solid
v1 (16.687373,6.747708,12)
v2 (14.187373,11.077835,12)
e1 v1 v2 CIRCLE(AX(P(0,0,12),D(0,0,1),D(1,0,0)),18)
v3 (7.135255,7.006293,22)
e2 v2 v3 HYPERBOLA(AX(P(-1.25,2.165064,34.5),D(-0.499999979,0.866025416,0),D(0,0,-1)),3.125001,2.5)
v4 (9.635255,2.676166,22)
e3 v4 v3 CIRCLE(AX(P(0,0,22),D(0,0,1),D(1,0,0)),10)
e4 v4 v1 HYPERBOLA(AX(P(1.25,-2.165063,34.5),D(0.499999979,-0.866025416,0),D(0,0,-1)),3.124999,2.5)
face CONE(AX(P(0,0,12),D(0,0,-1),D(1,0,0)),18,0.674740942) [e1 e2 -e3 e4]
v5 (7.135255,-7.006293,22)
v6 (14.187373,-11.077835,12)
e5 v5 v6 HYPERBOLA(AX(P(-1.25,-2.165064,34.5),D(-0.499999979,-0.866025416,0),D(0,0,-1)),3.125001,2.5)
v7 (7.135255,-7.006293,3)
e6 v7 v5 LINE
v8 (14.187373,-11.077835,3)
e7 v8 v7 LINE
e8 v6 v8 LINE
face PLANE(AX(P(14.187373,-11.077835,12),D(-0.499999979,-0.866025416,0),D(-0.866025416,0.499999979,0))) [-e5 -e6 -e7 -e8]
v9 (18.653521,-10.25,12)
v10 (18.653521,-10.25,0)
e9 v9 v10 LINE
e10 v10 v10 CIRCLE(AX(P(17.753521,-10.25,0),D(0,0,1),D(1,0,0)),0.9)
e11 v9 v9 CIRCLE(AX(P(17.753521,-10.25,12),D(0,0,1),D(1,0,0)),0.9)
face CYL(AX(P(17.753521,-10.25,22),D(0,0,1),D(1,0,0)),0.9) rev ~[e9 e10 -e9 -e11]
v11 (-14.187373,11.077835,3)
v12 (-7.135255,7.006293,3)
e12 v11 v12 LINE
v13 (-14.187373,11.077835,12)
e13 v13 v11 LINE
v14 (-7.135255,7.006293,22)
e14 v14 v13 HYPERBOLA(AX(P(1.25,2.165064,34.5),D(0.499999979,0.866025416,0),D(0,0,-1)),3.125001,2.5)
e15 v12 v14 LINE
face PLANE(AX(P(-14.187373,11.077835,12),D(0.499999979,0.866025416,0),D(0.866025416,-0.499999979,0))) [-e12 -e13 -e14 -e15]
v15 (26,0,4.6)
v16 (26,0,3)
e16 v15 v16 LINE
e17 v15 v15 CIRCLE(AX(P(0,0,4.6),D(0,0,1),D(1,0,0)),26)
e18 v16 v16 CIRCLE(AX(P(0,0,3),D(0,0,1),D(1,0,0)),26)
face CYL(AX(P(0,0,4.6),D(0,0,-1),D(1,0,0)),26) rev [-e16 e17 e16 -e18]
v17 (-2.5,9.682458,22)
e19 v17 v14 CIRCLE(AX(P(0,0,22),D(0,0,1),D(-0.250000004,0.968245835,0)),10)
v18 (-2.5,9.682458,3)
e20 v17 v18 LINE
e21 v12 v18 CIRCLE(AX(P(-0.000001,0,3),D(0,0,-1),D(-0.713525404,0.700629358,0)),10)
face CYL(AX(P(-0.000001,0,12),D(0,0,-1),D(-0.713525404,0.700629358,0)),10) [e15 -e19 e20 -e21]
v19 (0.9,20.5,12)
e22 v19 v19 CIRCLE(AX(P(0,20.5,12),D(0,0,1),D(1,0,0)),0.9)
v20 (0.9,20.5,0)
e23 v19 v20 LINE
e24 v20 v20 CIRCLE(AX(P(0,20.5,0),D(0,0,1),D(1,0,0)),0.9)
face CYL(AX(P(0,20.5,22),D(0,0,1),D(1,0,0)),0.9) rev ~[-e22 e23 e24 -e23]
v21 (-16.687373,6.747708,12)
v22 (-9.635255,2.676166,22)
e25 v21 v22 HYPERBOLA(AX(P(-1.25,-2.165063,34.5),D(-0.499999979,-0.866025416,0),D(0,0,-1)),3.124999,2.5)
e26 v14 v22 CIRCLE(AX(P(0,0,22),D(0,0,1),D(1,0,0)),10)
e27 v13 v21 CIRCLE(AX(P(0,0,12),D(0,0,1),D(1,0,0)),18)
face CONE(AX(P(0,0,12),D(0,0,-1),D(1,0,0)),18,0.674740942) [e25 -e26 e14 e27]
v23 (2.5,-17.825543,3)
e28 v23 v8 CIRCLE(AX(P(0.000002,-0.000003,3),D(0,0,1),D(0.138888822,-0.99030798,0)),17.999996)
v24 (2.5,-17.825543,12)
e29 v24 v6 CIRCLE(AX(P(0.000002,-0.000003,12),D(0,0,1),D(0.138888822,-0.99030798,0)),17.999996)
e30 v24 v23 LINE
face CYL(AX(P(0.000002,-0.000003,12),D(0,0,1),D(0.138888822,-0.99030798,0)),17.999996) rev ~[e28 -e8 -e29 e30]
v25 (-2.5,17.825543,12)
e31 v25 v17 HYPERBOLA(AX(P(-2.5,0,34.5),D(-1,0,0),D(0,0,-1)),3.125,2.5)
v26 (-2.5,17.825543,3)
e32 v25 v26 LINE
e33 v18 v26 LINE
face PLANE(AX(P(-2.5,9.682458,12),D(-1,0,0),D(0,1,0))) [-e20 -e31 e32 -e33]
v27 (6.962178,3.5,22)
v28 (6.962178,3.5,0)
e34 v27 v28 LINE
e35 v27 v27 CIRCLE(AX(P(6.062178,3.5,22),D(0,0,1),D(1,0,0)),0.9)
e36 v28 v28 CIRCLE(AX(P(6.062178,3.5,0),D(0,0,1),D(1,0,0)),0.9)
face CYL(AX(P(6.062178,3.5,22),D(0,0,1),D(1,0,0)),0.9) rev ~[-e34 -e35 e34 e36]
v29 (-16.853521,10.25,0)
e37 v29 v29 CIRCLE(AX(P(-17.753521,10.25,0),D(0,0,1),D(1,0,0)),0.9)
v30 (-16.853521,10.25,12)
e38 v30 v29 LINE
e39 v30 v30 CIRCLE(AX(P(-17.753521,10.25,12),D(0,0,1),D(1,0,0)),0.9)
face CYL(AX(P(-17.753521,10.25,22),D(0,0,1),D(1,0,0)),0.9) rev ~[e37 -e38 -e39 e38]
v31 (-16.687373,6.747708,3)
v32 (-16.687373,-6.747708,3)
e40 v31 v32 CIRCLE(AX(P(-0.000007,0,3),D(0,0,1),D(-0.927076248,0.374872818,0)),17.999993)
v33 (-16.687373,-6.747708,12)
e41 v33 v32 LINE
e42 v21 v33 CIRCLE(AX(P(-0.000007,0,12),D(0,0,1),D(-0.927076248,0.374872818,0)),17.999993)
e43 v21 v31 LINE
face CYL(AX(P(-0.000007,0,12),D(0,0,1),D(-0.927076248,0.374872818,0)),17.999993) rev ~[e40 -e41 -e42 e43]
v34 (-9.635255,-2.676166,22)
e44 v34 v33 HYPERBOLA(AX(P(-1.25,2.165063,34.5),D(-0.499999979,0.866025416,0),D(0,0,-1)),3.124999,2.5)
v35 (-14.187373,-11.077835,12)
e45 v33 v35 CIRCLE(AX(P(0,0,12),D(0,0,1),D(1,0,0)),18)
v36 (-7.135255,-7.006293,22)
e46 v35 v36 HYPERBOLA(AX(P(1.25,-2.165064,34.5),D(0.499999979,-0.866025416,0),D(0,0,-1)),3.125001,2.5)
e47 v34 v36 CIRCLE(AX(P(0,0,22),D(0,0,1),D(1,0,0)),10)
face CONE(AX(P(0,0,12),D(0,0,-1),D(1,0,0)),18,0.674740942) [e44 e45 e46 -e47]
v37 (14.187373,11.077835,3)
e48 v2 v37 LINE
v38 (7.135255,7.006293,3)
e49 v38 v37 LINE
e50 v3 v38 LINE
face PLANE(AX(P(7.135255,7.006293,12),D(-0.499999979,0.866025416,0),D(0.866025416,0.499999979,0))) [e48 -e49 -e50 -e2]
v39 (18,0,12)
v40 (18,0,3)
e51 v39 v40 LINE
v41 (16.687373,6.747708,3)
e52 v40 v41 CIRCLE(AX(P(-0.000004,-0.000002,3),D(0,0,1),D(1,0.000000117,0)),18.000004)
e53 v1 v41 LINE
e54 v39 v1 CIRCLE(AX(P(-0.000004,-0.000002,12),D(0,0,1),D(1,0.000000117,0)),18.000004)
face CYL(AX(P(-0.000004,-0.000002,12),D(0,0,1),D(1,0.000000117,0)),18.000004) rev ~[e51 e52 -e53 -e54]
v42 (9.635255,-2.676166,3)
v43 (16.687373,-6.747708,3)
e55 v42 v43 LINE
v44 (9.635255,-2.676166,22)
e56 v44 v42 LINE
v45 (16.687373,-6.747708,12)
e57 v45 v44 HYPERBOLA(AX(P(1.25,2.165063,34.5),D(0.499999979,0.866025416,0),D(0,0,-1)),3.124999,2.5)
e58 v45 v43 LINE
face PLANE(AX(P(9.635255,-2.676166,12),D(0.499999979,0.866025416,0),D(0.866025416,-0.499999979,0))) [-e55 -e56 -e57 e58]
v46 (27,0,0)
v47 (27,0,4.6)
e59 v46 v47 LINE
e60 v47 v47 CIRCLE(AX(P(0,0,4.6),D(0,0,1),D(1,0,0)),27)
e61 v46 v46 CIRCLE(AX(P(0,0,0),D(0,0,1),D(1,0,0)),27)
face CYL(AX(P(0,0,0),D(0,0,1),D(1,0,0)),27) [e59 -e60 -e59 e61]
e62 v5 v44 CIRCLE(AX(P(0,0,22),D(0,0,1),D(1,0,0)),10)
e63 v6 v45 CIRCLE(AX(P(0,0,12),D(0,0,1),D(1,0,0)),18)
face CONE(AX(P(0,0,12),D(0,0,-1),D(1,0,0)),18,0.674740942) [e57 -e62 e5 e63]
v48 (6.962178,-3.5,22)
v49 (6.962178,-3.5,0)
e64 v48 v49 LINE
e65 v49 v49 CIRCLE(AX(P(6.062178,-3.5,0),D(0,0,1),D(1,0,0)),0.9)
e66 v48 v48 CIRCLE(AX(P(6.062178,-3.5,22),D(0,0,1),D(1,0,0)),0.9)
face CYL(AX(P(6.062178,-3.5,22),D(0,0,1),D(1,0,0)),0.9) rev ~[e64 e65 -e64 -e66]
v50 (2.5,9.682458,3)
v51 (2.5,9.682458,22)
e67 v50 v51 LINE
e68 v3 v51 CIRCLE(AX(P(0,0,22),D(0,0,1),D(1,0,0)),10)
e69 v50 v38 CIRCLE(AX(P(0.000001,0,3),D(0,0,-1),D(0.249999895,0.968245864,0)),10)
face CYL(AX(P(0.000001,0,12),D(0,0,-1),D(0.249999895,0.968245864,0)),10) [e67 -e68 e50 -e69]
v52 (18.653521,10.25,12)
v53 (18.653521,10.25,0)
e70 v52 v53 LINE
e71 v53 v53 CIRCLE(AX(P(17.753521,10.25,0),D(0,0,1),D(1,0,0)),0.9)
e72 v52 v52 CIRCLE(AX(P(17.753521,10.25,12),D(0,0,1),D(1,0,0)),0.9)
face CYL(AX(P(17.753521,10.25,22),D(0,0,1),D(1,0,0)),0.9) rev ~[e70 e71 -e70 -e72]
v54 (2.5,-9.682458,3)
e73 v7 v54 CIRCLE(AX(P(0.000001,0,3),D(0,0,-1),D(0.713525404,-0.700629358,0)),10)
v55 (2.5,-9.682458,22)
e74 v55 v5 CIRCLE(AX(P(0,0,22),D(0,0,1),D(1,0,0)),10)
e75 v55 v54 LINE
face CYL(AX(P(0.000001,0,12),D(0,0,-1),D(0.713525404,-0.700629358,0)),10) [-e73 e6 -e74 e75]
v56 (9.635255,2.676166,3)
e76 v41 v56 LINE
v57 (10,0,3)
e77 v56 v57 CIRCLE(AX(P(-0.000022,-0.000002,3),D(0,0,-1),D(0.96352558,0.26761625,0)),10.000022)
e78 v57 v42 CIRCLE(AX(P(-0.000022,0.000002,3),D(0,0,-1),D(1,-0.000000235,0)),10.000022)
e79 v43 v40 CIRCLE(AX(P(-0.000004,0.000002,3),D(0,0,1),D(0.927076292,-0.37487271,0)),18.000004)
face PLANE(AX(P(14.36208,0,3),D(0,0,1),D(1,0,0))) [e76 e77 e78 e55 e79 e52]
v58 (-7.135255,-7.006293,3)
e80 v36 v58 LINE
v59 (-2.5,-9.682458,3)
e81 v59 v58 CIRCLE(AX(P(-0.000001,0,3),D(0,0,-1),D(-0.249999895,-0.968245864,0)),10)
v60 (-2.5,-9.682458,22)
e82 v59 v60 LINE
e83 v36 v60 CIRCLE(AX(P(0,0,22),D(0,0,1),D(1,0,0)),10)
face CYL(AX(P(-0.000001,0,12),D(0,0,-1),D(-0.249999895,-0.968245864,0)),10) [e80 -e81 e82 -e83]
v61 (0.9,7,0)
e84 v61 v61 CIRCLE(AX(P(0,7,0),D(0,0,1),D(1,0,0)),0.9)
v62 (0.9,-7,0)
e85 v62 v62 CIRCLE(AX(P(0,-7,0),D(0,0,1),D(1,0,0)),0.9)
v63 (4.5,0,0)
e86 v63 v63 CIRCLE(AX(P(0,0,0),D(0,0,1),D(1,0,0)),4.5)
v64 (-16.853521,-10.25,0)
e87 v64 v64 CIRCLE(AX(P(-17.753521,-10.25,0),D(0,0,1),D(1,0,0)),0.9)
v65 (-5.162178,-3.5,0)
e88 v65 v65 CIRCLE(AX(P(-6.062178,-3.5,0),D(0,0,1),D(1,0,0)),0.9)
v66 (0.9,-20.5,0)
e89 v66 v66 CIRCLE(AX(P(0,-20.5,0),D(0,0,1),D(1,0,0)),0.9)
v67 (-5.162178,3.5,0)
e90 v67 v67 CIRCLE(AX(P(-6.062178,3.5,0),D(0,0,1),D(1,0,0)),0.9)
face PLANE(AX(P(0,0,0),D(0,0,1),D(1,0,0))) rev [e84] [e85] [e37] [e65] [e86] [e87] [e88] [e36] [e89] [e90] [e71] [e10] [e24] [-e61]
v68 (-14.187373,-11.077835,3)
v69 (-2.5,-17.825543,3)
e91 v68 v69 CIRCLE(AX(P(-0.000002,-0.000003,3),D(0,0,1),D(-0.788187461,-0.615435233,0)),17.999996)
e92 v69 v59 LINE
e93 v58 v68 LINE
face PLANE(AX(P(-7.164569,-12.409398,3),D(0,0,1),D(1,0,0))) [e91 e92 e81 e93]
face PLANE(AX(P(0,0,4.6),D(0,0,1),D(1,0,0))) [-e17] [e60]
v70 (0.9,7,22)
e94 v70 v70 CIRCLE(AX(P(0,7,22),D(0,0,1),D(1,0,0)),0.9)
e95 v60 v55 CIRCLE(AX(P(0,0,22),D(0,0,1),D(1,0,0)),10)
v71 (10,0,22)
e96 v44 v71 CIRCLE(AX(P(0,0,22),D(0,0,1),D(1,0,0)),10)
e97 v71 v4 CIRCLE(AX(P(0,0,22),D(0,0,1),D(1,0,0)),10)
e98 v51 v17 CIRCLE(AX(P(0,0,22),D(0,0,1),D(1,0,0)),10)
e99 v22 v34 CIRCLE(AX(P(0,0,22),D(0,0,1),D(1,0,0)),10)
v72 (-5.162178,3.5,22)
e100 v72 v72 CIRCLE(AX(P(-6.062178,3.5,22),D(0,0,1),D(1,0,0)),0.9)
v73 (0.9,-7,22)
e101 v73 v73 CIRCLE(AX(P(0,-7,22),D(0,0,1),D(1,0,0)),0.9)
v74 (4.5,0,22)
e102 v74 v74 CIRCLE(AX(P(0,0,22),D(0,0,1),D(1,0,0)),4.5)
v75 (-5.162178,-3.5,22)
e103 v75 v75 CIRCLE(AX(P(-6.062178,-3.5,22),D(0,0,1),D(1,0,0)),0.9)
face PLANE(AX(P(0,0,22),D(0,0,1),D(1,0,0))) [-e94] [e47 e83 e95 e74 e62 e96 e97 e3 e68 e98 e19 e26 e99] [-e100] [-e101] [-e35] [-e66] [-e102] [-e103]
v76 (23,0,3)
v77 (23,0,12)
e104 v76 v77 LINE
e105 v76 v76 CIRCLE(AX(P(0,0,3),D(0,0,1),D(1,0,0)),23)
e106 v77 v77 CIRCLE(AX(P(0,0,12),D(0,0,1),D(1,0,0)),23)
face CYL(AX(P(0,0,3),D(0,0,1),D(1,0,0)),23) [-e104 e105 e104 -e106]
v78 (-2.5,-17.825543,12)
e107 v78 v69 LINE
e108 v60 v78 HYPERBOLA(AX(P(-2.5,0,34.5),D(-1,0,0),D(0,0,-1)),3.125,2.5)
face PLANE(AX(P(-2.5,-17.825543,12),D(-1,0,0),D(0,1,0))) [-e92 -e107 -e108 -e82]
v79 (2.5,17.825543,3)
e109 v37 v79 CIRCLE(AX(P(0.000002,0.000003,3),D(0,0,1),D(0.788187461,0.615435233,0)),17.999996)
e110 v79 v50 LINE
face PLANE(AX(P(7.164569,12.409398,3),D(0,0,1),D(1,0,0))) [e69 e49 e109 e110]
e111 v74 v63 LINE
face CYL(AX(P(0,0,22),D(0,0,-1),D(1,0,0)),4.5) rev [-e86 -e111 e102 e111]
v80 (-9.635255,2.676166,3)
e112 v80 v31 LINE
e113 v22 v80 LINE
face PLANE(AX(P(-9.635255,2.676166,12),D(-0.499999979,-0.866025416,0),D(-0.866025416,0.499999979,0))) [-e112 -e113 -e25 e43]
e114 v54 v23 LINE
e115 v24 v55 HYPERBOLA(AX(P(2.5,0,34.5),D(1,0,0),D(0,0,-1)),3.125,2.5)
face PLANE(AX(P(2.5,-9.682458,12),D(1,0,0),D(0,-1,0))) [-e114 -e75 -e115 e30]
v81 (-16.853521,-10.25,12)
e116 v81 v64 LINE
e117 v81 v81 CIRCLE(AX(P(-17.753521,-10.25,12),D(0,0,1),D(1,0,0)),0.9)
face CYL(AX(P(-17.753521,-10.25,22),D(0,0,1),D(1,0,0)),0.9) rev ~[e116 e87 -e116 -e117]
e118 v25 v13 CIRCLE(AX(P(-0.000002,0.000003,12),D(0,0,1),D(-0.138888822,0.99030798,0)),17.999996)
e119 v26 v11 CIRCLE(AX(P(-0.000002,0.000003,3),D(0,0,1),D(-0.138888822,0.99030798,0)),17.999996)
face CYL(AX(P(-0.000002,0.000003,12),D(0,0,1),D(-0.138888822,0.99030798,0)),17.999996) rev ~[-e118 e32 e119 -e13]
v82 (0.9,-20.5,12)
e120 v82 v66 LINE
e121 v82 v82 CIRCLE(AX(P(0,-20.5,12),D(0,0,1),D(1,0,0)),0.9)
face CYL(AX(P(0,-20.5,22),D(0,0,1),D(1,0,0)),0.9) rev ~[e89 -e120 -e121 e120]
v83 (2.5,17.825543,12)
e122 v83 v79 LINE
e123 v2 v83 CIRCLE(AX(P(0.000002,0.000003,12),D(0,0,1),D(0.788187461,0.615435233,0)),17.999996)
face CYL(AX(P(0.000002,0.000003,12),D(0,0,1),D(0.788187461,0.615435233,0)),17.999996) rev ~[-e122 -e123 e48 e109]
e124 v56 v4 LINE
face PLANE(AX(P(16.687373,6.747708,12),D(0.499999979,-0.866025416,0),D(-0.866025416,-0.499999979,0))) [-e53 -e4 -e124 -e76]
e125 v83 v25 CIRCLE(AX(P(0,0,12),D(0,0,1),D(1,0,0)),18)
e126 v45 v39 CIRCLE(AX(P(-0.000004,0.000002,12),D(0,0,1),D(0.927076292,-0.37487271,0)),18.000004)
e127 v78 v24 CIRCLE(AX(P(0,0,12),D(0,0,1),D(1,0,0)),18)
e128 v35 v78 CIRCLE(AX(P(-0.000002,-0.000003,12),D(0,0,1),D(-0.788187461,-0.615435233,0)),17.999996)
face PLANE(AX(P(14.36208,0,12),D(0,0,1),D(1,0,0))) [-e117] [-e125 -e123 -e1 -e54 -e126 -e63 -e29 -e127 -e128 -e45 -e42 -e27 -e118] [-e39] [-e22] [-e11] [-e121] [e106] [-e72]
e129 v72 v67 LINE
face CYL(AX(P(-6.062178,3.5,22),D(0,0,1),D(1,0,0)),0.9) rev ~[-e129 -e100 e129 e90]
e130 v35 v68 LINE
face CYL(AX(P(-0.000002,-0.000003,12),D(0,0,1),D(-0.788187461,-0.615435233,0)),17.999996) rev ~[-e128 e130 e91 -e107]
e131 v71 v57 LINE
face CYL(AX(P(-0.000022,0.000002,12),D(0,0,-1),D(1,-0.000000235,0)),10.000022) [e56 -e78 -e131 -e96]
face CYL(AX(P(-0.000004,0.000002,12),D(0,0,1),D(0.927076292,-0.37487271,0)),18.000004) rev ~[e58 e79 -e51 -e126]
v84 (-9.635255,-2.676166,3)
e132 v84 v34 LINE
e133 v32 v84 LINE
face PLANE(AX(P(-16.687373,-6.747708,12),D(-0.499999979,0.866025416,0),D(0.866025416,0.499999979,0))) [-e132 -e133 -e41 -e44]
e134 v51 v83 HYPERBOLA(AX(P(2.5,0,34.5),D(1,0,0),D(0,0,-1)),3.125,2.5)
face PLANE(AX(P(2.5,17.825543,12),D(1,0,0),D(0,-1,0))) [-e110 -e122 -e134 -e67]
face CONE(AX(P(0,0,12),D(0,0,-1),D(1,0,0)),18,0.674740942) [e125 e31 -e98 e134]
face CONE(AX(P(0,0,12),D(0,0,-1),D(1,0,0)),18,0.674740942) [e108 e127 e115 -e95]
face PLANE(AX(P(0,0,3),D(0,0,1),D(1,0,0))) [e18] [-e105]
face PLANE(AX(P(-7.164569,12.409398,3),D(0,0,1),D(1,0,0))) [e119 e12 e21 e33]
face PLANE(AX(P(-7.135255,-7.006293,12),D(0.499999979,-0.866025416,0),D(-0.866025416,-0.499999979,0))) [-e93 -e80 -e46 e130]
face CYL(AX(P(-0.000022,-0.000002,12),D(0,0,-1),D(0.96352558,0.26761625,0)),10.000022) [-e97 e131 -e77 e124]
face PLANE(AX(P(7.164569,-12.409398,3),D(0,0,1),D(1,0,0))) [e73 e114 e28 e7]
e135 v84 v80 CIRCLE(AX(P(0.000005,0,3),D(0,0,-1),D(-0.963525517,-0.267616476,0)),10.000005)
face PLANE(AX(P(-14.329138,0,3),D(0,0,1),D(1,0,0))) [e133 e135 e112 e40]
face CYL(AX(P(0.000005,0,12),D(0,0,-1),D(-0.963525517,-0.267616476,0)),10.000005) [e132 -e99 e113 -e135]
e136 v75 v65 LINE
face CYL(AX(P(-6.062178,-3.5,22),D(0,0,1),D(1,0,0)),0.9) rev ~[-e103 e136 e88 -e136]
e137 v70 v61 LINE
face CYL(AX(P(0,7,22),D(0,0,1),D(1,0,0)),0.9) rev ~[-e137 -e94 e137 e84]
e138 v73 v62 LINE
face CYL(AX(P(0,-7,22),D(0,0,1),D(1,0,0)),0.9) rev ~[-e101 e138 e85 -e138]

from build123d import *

# Parameters (mm, degrees)
F3_DEPTH      = 25
F3_DEPTH_BACK = 9
F4_R          = 0.9
F5_DEPTH      = 22.001


with BuildPart() as f1:
    # F0 (on Front) → F1 (revolve)
    with BuildSketch(Plane.XZ):
        Polygon((4.5, 0), (27, 0), (27, 4.6), (26, 4.6), (26, 3), (23, 3), (23, 12), (18, 12), (10, 12), (10, 22), (4.5, 22), align=None)
        Polygon((18, 12), (10, 22), (10, 12), align=None)
    revolve(axis=Axis((0, 0, 11.323432), (0, 0, 1)))

    # F2 (on face) → F3 (cut, two sides)
    with BuildSketch(Plane.XY.offset(12)) as f3_sk:
        with BuildLine():
            ThreePointArc((-7.135255, 7.006293), (-5, 8.660254), (-2.5, 9.682458))
            Line((-2.5, 9.682458), (-2.5, 17.825543))
            ThreePointArc((-2.5, 17.825543), (-9, 15.588457), (-14.187373, 11.077835))
            Line((-14.187373, 11.077835), (-7.135255, 7.006293))
        make_face()
        with BuildLine():
            ThreePointArc((-9.635255, -2.676166), (-10, 0), (-9.635255, 2.676166))
            Line((-9.635255, 2.676166), (-16.687373, 6.747708))
            ThreePointArc((-16.687373, 6.747708), (-18, 0), (-16.687373, -6.747708))
            Line((-16.687373, -6.747708), (-9.635255, -2.676166))
        make_face()
        with BuildLine():
            Line((-2.5, -17.825543), (-2.5, -9.682458))
            ThreePointArc((-2.5, -9.682458), (-5, -8.660254), (-7.135255, -7.006293))
            Line((-7.135255, -7.006293), (-14.187373, -11.077835))
            ThreePointArc((-14.187373, -11.077835), (-9, -15.588457), (-2.5, -17.825543))
        make_face()
        with BuildLine():
            Line((14.187373, -11.077835), (7.135255, -7.006293))
            ThreePointArc((7.135255, -7.006293), (5, -8.660254), (2.5, -9.682458))
            Line((2.5, -9.682458), (2.5, -17.825543))
            ThreePointArc((2.5, -17.825543), (9, -15.588457), (14.187373, -11.077835))
        make_face()
        with BuildLine():
            ThreePointArc((9.635255, 2.676166), (9.908394, 1.350454), (10, 0))
            ThreePointArc((10, 0), (9.908394, -1.350454), (9.635255, -2.676166))
            Line((9.635255, -2.676166), (16.687373, -6.747708))
            ThreePointArc((16.687373, -6.747708), (17.668796, -3.437097), (18, 0))
            ThreePointArc((18, 0), (17.668796, 3.437097), (16.687373, 6.747708))
            Line((16.687373, 6.747708), (9.635255, 2.676166))
        make_face()
        with BuildLine():
            ThreePointArc((2.5, 9.682458), (5, 8.660254), (7.135255, 7.006293))
            Line((7.135255, 7.006293), (14.187373, 11.077835))
            ThreePointArc((14.187373, 11.077835), (9, 15.588457), (2.5, 17.825543))
            Line((2.5, 17.825543), (2.5, 9.682458))
        make_face()
    extrude(amount=F3_DEPTH, mode=Mode.SUBTRACT)
    extrude(f3_sk.sketch, amount=-F3_DEPTH_BACK, mode=Mode.SUBTRACT)

    # F4 (on face) → F5 (cut, through all)
    with BuildSketch(Plane.XY.offset(22)):
        with Locations((0, 7)):
            Circle(F4_R)
        with Locations((0, 20.5)):
            Circle(F4_R)
        with Locations((-6.062178, 3.5)):
            Circle(F4_R)
        with Locations((-17.753521, 10.25)):
            Circle(F4_R)
        with Locations((-6.062178, -3.5)):
            Circle(F4_R)
        with Locations((-17.753521, -10.25)):
            Circle(F4_R)
        with Locations((0, -7)):
            Circle(F4_R)
        with Locations((0, -20.5)):
            Circle(F4_R)
        with Locations((6.062178, -3.5)):
            Circle(F4_R)
        with Locations((17.753521, -10.25)):
            Circle(F4_R)
        with Locations((6.062178, 3.5)):
            Circle(F4_R)
        with Locations((17.753521, 10.25)):
            Circle(F4_R)
    extrude(amount=-F5_DEPTH, mode=Mode.SUBTRACT)


solid = f1.part
